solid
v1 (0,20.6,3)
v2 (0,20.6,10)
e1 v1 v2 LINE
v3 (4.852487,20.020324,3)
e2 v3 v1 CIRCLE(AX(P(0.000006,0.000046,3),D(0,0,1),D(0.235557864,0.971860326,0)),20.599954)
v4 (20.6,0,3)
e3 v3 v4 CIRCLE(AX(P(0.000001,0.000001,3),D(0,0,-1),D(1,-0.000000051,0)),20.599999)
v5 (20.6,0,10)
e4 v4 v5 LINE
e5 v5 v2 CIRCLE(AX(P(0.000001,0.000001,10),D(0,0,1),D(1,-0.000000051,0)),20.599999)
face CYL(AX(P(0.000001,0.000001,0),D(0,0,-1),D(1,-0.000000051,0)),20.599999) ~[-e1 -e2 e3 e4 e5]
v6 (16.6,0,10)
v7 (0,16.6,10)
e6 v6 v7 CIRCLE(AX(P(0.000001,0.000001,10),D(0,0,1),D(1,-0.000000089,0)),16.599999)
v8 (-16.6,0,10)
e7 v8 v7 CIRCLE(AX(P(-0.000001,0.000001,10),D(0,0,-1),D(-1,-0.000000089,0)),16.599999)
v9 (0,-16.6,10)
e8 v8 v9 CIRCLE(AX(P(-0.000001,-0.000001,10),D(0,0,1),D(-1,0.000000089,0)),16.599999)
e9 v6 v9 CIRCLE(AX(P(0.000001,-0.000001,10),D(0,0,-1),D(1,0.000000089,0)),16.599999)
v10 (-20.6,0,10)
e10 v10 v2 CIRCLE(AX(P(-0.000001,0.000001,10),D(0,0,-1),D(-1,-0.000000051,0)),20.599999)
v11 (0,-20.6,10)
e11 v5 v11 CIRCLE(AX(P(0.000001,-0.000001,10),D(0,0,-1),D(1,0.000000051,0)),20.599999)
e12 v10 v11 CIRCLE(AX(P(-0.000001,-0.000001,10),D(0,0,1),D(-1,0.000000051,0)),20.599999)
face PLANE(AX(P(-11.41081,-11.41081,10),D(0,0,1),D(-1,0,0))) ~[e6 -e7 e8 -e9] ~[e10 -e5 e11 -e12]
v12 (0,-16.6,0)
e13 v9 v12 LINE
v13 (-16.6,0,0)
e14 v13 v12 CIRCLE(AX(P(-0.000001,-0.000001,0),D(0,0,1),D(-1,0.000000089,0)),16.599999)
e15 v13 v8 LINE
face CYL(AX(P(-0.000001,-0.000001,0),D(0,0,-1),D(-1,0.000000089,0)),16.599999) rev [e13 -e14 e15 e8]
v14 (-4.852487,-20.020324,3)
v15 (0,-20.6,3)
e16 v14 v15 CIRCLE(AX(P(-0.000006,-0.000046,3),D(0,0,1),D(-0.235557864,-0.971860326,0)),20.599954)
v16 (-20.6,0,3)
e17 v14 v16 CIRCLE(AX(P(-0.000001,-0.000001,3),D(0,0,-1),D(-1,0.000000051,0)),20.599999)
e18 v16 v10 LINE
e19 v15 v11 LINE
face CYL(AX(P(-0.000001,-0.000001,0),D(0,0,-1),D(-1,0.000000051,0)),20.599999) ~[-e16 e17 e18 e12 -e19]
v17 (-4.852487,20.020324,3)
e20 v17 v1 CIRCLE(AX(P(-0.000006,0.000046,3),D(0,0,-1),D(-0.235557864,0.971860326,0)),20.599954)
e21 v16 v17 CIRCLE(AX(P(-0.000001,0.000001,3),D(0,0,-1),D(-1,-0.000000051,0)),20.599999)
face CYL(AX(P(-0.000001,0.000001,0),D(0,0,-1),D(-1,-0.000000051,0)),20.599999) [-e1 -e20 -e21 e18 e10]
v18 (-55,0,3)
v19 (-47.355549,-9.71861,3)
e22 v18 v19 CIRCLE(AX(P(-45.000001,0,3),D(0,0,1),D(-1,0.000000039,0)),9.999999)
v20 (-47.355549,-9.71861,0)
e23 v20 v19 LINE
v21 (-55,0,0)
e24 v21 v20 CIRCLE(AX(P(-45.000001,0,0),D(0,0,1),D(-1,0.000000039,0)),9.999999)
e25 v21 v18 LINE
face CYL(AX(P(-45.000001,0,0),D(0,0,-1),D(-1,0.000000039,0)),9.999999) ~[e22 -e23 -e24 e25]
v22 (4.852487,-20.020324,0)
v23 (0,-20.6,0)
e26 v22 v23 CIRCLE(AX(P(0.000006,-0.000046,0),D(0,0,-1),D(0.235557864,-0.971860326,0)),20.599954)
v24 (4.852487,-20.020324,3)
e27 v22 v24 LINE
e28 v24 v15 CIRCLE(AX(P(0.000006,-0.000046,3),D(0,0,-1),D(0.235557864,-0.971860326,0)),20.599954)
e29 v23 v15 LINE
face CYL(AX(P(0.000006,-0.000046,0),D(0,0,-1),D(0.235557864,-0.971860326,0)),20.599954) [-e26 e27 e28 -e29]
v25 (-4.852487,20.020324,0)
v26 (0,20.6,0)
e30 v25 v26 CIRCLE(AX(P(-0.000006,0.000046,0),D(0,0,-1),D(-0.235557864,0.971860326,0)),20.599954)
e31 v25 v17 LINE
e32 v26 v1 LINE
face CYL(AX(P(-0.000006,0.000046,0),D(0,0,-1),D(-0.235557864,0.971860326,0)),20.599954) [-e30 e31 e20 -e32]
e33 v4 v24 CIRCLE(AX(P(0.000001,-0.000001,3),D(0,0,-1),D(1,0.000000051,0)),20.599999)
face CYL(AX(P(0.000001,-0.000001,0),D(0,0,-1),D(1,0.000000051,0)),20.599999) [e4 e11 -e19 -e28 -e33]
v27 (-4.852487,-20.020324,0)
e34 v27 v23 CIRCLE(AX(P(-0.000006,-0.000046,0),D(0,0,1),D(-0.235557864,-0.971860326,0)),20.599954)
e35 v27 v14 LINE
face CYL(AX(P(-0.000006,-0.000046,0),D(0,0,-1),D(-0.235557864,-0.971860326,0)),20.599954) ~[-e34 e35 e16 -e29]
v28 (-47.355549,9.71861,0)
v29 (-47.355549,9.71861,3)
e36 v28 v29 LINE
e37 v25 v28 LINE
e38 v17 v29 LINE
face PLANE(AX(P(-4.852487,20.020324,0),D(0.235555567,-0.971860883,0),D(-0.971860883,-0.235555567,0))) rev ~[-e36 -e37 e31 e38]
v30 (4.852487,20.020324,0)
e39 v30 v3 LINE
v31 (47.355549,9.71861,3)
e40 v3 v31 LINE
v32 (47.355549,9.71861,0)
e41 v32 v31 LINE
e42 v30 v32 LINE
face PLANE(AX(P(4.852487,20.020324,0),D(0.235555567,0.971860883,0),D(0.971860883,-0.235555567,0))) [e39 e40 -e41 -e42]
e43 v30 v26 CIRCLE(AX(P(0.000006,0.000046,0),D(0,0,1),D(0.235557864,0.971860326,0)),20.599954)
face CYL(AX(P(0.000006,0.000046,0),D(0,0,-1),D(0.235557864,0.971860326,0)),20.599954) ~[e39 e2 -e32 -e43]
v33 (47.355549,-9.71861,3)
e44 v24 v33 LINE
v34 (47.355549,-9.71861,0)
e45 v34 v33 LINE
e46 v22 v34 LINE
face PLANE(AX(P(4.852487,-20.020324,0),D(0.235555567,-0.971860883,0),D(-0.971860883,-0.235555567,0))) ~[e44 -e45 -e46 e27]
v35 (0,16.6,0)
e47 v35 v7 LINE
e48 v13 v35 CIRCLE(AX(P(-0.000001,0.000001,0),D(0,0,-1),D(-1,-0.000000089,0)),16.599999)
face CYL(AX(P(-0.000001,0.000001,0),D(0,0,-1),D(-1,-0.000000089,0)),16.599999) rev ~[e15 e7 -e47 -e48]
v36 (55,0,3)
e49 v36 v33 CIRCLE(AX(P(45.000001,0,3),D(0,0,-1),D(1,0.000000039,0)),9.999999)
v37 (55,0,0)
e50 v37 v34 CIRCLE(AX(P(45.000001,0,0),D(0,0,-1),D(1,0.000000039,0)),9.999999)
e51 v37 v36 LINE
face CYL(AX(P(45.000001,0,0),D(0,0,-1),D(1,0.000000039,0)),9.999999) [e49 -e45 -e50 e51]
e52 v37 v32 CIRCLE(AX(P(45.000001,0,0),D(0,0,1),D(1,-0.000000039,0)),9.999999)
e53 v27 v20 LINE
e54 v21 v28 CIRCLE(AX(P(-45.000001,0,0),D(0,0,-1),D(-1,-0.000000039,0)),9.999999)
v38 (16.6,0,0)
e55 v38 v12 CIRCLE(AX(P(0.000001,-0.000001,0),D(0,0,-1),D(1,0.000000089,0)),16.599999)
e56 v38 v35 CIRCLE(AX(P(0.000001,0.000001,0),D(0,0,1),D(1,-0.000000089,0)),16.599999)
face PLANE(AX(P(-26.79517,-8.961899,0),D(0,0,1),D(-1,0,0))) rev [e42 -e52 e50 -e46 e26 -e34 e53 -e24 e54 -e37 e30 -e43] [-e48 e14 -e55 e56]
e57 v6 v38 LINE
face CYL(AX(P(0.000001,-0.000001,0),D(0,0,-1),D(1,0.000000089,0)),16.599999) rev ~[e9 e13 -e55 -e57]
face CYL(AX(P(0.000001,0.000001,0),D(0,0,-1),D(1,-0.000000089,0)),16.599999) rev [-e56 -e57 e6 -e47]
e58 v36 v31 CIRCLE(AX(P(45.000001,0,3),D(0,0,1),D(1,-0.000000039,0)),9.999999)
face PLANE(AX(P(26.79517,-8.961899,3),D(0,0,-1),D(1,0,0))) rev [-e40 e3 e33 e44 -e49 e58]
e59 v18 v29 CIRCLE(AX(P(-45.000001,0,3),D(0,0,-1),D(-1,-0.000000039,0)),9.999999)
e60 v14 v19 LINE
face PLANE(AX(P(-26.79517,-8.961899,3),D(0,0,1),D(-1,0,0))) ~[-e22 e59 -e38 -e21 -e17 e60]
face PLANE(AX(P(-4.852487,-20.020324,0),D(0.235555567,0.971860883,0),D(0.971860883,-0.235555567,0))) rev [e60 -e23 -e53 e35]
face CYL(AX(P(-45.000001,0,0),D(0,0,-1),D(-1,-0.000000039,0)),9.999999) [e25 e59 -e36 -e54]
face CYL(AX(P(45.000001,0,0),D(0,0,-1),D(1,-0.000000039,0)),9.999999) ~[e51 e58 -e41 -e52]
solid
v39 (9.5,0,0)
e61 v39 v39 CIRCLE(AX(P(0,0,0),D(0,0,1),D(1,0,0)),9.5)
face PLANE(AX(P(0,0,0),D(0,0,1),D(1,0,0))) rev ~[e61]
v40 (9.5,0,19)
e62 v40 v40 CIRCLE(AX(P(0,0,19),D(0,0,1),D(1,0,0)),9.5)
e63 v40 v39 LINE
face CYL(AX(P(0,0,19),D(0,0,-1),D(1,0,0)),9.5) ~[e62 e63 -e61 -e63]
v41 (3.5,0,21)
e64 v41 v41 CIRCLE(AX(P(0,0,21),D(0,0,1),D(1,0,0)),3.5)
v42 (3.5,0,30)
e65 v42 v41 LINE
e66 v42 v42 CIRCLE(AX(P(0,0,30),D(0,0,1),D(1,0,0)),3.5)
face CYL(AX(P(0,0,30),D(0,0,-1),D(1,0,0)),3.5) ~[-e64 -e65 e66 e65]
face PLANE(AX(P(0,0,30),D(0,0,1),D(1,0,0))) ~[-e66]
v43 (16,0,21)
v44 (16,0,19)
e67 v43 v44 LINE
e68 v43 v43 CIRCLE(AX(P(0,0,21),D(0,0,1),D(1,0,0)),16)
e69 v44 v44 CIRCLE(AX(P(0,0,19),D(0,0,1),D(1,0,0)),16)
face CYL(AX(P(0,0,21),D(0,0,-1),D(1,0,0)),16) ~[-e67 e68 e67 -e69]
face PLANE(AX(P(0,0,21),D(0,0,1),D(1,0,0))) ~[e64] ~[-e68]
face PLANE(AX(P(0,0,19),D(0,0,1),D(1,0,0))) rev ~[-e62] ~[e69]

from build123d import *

# Parameters (mm, degrees)
PAD_DEPTH               = 3
PAD001_DEPTH            = 10
PAD_MIRRORED_2_DEPTH    = 3
PAD001_MIRRORED_2_DEPTH = 10


with BuildPart() as body:
    # Sketch → Pad (new body)
    with BuildSketch(Plane.XY):
        with BuildLine():
            Line((0, 16.6), (0, 20.6))
            ThreePointArc((4.852487, 20.020324), (2.443494, 20.454568), (0, 20.6))
            Line((4.852487, 20.020324), (47.355549, 9.71861))
            ThreePointArc((55, 0), (52.859882, 6.182415), (47.355549, 9.71861))
            Line((16.6, 0), (55, 0))
            ThreePointArc((16.6, 0), (11.737973, 11.737973), (0, 16.6))
        make_face()
    pad = extrude(amount=PAD_DEPTH)

    # Sketch001 → Pad001 (join)
    with BuildSketch(Plane.XY):
        with BuildLine():
            ThreePointArc((16.6, 0), (11.737973, 11.737973), (0, 16.6))
            Line((0, 16.6), (0, 20.6))
            ThreePointArc((20.6, 0), (14.5664, 14.5664), (0, 20.6))
            Line((16.6, 0), (20.6, 0))
        make_face()
    pad001 = extrude(amount=PAD001_DEPTH)

    # Sketch Mirrored 2 → Pad Mirrored 2 (add)
    with BuildSketch(Plane(origin=(0, 0, 0), x_dir=(-1, 0, 0), z_dir=(0, 0, -1))):
        with BuildLine():
            Line((0, 16.6), (0, 20.6))
            ThreePointArc((4.852487, 20.020324), (2.443494, 20.454568), (0, 20.6))
            Line((4.852487, 20.020324), (47.355549, 9.71861))
            ThreePointArc((55, 0), (52.859882, 6.182415), (47.355549, 9.71861))
            Line((16.6, 0), (55, 0))
            ThreePointArc((16.6, 0), (11.737973, 11.737973), (0, 16.6))
        make_face()
    pad_mirrored_2 = extrude(amount=-PAD_MIRRORED_2_DEPTH)

    # Sketch001 Mirrored 2 → Pad001 Mirrored 2 (add)
    with BuildSketch(Plane(origin=(0, 0, 0), x_dir=(-1, 0, 0), z_dir=(0, 0, -1))):
        with BuildLine():
            ThreePointArc((16.6, 0), (11.737973, 11.737973), (0, 16.6))
            Line((0, 16.6), (0, 20.6))
            ThreePointArc((20.6, 0), (14.5664, 14.5664), (0, 20.6))
            Line((16.6, 0), (20.6, 0))
        make_face()
    pad001_mirrored_2 = extrude(amount=-PAD001_MIRRORED_2_DEPTH)

    # Mirrored001: Pad, Pad001, Pad Mirrored 2, Pad001 Mirrored 2 across Sketch H_Axis
    add(pad.mirror(Plane.ZX))
    add(pad001.mirror(Plane.ZX))
    add(pad_mirrored_2.mirror(Plane.ZX))
    add(pad001_mirrored_2.mirror(Plane.ZX))


with BuildPart() as body001:
    # Sketch002 → Revolution (revolve)
    with BuildSketch(Plane.XZ):
        Polygon((0, 30), (3.5, 30), (3.5, 21), (16, 21), (16, 19), (9.5, 19), (9.5, 0), (0, 0), align=None)
    revolve(axis=Axis((0, 0, 0), (0, 0, 1)))


solid = Compound([body.part, body001.part])
